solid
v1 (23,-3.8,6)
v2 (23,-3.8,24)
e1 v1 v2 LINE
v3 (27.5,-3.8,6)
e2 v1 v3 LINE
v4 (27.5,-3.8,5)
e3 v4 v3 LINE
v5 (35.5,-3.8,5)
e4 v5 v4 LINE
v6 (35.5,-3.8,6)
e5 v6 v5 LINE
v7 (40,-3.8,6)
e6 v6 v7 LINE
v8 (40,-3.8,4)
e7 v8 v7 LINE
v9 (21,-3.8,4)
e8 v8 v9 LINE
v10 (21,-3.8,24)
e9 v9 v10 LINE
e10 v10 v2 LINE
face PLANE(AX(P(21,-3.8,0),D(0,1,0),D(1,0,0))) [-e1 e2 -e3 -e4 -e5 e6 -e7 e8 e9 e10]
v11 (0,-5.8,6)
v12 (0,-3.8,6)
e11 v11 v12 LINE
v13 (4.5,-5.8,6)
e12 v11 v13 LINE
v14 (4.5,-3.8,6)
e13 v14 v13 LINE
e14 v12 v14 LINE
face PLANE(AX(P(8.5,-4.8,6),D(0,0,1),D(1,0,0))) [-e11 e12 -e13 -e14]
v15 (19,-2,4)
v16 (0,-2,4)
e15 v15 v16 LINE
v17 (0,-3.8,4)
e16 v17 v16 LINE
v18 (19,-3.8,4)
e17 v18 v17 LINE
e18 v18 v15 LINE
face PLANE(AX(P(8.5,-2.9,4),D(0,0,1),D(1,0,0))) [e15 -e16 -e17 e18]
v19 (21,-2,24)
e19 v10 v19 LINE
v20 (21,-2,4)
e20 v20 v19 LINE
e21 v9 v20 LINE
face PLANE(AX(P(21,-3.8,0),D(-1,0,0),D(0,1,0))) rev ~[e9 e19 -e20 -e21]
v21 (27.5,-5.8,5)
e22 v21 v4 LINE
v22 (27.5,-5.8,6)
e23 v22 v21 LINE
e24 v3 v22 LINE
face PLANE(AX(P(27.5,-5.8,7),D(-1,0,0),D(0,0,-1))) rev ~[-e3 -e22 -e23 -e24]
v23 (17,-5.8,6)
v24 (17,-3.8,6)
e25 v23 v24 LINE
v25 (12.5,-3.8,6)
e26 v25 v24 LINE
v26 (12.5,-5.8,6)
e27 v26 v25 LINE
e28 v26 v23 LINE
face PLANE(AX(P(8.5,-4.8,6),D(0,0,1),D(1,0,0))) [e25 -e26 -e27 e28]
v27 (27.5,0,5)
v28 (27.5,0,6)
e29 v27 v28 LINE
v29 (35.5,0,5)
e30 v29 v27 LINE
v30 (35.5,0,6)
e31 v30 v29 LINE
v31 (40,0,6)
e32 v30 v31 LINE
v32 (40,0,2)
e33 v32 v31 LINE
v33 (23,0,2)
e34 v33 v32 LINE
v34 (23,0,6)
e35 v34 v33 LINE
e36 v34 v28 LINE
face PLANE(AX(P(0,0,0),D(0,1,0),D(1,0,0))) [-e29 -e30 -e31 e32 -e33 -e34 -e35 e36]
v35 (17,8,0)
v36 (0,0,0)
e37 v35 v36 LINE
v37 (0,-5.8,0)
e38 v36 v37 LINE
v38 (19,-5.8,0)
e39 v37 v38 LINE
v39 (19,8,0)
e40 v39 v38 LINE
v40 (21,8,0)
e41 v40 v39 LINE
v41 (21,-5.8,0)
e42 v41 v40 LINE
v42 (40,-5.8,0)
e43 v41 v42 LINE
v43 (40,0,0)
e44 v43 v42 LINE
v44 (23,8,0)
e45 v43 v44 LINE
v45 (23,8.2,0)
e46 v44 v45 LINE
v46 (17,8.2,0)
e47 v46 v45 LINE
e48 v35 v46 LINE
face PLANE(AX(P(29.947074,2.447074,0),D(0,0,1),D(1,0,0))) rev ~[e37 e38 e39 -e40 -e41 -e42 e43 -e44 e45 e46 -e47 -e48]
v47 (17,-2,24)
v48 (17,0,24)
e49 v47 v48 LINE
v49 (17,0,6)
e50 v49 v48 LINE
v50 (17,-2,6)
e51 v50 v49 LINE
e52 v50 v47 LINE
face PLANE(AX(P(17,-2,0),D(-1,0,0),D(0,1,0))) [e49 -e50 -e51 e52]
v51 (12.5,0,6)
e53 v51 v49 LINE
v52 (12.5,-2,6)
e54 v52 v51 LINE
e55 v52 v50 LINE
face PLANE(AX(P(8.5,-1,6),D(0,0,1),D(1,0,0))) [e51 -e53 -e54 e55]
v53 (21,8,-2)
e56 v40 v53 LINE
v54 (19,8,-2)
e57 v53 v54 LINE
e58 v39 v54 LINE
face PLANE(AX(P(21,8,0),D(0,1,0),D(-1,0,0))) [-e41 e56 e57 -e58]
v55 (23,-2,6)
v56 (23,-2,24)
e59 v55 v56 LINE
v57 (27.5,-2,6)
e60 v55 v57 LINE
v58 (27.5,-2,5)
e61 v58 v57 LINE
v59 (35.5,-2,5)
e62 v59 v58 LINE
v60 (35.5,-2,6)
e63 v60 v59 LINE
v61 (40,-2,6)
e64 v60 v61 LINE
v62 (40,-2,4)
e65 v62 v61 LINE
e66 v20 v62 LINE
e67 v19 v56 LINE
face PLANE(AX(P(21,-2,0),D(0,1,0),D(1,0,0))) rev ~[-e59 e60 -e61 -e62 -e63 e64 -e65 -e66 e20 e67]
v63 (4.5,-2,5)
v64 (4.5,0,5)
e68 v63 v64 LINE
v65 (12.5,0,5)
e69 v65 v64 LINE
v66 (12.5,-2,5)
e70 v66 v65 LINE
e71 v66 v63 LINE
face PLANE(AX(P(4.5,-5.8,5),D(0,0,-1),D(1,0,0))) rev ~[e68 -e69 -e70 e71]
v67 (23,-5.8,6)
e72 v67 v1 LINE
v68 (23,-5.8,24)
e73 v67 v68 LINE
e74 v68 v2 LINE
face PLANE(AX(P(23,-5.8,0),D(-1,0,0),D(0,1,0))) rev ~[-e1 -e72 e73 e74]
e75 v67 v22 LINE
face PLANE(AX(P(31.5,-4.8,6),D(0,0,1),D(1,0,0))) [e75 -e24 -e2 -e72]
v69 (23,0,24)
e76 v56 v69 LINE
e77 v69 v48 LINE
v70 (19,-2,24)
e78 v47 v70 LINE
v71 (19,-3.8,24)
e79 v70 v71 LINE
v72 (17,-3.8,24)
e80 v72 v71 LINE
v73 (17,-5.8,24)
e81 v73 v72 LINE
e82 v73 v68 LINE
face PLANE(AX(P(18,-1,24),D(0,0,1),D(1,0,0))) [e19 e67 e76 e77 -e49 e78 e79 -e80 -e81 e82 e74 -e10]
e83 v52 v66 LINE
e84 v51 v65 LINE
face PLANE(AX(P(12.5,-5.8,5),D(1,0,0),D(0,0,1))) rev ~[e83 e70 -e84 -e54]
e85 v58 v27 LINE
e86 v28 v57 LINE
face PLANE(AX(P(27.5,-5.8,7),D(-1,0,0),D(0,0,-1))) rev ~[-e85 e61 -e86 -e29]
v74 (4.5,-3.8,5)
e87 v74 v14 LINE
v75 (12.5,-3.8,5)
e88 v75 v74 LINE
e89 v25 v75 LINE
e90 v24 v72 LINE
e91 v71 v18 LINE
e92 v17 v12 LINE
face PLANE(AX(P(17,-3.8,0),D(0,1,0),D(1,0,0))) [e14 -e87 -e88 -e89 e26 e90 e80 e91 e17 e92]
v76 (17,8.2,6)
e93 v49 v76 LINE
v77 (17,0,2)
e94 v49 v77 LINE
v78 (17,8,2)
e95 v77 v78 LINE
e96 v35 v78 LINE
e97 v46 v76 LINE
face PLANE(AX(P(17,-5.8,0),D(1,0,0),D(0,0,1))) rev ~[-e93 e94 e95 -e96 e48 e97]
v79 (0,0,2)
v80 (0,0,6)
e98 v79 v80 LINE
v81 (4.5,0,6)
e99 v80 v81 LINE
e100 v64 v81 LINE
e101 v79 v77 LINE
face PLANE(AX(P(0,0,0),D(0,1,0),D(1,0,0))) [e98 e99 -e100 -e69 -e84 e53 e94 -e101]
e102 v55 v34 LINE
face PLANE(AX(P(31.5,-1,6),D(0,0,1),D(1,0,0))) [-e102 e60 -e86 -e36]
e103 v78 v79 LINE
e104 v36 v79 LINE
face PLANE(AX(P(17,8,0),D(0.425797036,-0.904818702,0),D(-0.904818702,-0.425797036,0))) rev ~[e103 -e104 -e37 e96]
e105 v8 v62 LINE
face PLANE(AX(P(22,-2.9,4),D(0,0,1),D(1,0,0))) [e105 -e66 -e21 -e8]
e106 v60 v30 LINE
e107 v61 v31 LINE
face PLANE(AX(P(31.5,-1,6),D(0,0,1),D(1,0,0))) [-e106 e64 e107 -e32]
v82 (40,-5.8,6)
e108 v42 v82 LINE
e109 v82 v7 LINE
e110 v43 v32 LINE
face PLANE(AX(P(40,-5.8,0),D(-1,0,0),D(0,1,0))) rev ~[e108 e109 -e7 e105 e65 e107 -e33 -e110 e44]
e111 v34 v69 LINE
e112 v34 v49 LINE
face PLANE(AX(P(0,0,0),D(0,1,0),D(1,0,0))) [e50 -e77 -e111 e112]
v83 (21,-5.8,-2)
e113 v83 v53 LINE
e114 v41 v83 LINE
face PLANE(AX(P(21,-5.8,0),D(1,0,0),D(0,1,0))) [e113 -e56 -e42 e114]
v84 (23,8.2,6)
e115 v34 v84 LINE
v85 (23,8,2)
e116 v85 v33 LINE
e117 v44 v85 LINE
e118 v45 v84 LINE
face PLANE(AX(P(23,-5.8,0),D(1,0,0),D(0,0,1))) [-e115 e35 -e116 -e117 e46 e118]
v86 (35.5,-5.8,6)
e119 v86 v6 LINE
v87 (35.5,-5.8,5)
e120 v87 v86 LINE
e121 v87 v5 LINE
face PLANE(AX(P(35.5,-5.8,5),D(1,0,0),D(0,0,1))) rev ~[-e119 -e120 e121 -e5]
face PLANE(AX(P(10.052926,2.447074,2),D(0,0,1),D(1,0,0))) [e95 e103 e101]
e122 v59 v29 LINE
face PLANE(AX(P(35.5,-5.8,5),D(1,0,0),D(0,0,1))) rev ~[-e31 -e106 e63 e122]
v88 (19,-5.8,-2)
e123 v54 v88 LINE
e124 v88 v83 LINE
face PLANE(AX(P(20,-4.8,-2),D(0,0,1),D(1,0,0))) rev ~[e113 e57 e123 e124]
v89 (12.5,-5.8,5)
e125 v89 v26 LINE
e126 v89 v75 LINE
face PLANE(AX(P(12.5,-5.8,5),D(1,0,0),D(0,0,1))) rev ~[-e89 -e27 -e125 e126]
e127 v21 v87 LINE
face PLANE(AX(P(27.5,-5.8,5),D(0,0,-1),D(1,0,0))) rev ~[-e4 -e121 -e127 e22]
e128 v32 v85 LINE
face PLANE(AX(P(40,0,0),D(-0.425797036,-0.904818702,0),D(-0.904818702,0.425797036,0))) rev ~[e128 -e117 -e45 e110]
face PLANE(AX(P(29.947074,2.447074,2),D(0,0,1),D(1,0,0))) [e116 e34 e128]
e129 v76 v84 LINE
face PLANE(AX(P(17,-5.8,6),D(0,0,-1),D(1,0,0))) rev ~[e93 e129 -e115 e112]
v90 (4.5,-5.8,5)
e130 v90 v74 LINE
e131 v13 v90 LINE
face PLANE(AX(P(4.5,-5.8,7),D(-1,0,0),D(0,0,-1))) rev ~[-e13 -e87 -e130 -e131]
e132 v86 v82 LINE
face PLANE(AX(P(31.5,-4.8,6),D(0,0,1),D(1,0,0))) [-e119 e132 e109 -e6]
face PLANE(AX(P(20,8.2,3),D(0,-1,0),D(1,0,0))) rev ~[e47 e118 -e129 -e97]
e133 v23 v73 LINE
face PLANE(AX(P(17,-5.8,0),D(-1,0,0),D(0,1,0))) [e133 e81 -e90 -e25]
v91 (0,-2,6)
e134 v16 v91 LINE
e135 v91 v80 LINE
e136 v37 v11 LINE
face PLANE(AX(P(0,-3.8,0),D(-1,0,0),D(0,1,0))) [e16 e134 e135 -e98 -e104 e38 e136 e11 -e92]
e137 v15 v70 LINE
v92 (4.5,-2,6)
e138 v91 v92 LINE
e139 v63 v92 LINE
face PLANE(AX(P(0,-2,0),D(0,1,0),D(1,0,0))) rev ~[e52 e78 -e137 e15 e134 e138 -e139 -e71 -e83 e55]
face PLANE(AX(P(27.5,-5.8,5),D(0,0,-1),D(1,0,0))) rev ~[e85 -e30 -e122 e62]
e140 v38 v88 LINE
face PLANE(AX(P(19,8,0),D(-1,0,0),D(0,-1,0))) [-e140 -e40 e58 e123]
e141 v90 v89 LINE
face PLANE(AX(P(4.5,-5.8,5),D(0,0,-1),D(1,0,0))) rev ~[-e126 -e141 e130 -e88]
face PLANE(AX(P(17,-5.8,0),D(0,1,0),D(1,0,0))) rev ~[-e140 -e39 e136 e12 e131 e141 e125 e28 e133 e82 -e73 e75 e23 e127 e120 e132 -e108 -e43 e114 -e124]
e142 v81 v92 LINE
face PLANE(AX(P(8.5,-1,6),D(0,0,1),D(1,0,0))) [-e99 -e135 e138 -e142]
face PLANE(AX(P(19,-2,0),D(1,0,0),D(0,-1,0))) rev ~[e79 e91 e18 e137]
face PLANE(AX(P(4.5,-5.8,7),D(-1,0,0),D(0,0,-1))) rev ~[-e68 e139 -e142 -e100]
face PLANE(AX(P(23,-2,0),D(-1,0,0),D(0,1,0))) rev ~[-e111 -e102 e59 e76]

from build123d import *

# Parameters (mm, degrees)
F0_W      = 2
F0_H      = 2
F1_DEPTH  = 24
F0_W_2    = 17
F2_DEPTH  = 6
F0_H_2    = 1.8
F3_DEPTH  = 4
F4_W      = 6
F4_H      = 6
F5_DEPTH  = 14
F6_DEPTH  = 2
F7_DEPTH  = 2
F8_DEPTH  = 2
F9_W      = 8
F9_H      = 1
F10_DEPTH = 6
F11_DEPTH = 2
F12_DEPTH = 2


with BuildPart() as f1:
    # F0 (on Top) → F1 (new body)
    with BuildSketch(Plane.XY):
        with Locations((18, -1)):
            Rectangle(F0_W, F0_H)
        Polygon((20, 0), (19, 0), (19, -2), (20, -2), (21, -2), (21, 0), align=None)
        with Locations((22, -1)):
            Rectangle(F0_W, F0_H)
        Polygon((20, -2), (19, -2), (19, -3.8), (20, -3.8), (21, -3.8), (21, -2), align=None)
        with Locations((18, -4.8)):
            Rectangle(F0_W, F0_H)
        Polygon((20, -3.8), (19, -3.8), (19, -5.8), (20, -5.8), (21, -5.8), (21, -3.8), align=None)
        with Locations((22, -4.8)):
            Rectangle(F0_W, F0_H)
    extrude(amount=F1_DEPTH)

    # F0 (on Top) → F2 (join)
    with BuildSketch(Plane.XY):
        with Locations((8.5, -1)):
            Rectangle(F0_W_2, F0_H)
        with Locations((8.5, -4.8)):
            Rectangle(F0_W_2, F0_H)
        with Locations((31.5, -1)):
            Rectangle(F0_W_2, F0_H)
        with Locations((31.5, -4.8)):
            Rectangle(F0_W_2, F0_H)
    extrude(amount=F2_DEPTH)

    # F0 (on Top) → F3 (join)
    with BuildSketch(Plane.XY):
        with Locations((8.5, -2.9)):
            Rectangle(F0_W_2, F0_H_2)
        with Locations((18, -2.9)):
            Rectangle(F0_W, F0_H_2)
        with Locations((22, -2.9)):
            Rectangle(F0_W, F0_H_2)
        with Locations((31.5, -2.9)):
            Rectangle(F0_W_2, F0_H_2)
    extrude(amount=F3_DEPTH)

    # F4 (on face) → F5 (join)
    with BuildSketch(Plane.XZ.offset(5.8)):
        with Locations((20, 3)):
            Rectangle(F4_W, F4_H)
    extrude(amount=-F5_DEPTH)

    # F0 (on Top) → F6 (join)
    with BuildSketch(Plane.XY):
        Polygon((20, -3.8), (19, -3.8), (19, -5.8), (20, -5.8), (21, -5.8), (21, -3.8), align=None)
        Polygon((20, -2), (19, -2), (19, -3.8), (20, -3.8), (21, -3.8), (21, -2), align=None)
        Polygon((20, 0), (19, 0), (19, -2), (20, -2), (21, -2), (21, 0), align=None)
        Polygon((19, 8), (19, 0), (20, 0), (21, 0), (21, 8), align=None)
    extrude(amount=-F6_DEPTH)

    # F7 (cut): a face of the model
    f7_faces = [f1.faces().sort_by_distance(p)[0] for p in [
        (17, -2.9, 5),
    ]]
    extrude(f7_faces, amount=-F7_DEPTH, mode=Mode.SUBTRACT)

    # F8 (cut): a face of the model
    f8_faces = [f1.faces().sort_by_distance(p)[0] for p in [
        (23, -2.9, 5),
    ]]
    extrude(f8_faces, amount=-F8_DEPTH, mode=Mode.SUBTRACT)

    # F9 (on face) → F10 (cut)
    with BuildSketch(Plane.XZ.offset(5.8)):
        with Locations((8.5, 5.5)):
            Rectangle(F9_W, F9_H)
        with Locations((8.5, 6.5)):
            Rectangle(F9_W, F9_H)
        with Locations((31.5, 6.5)):
            Rectangle(F9_W, F9_H)
        with Locations((31.5, 5.5)):
            Rectangle(F9_W, F9_H)
    extrude(amount=-F10_DEPTH, mode=Mode.SUBTRACT)

    # F0 (on Top) → F11 (join)
    with BuildSketch(Plane.XY):
        Polygon((17, 8), (0, 0), (17, 0), align=None)
    extrude(amount=F11_DEPTH)

    # F0 (on Top) → F12 (join)
    with BuildSketch(Plane.XY):
        Polygon((40, 0), (23, 8), (23, 0), align=None)
    extrude(amount=F12_DEPTH)


solid = f1.part
